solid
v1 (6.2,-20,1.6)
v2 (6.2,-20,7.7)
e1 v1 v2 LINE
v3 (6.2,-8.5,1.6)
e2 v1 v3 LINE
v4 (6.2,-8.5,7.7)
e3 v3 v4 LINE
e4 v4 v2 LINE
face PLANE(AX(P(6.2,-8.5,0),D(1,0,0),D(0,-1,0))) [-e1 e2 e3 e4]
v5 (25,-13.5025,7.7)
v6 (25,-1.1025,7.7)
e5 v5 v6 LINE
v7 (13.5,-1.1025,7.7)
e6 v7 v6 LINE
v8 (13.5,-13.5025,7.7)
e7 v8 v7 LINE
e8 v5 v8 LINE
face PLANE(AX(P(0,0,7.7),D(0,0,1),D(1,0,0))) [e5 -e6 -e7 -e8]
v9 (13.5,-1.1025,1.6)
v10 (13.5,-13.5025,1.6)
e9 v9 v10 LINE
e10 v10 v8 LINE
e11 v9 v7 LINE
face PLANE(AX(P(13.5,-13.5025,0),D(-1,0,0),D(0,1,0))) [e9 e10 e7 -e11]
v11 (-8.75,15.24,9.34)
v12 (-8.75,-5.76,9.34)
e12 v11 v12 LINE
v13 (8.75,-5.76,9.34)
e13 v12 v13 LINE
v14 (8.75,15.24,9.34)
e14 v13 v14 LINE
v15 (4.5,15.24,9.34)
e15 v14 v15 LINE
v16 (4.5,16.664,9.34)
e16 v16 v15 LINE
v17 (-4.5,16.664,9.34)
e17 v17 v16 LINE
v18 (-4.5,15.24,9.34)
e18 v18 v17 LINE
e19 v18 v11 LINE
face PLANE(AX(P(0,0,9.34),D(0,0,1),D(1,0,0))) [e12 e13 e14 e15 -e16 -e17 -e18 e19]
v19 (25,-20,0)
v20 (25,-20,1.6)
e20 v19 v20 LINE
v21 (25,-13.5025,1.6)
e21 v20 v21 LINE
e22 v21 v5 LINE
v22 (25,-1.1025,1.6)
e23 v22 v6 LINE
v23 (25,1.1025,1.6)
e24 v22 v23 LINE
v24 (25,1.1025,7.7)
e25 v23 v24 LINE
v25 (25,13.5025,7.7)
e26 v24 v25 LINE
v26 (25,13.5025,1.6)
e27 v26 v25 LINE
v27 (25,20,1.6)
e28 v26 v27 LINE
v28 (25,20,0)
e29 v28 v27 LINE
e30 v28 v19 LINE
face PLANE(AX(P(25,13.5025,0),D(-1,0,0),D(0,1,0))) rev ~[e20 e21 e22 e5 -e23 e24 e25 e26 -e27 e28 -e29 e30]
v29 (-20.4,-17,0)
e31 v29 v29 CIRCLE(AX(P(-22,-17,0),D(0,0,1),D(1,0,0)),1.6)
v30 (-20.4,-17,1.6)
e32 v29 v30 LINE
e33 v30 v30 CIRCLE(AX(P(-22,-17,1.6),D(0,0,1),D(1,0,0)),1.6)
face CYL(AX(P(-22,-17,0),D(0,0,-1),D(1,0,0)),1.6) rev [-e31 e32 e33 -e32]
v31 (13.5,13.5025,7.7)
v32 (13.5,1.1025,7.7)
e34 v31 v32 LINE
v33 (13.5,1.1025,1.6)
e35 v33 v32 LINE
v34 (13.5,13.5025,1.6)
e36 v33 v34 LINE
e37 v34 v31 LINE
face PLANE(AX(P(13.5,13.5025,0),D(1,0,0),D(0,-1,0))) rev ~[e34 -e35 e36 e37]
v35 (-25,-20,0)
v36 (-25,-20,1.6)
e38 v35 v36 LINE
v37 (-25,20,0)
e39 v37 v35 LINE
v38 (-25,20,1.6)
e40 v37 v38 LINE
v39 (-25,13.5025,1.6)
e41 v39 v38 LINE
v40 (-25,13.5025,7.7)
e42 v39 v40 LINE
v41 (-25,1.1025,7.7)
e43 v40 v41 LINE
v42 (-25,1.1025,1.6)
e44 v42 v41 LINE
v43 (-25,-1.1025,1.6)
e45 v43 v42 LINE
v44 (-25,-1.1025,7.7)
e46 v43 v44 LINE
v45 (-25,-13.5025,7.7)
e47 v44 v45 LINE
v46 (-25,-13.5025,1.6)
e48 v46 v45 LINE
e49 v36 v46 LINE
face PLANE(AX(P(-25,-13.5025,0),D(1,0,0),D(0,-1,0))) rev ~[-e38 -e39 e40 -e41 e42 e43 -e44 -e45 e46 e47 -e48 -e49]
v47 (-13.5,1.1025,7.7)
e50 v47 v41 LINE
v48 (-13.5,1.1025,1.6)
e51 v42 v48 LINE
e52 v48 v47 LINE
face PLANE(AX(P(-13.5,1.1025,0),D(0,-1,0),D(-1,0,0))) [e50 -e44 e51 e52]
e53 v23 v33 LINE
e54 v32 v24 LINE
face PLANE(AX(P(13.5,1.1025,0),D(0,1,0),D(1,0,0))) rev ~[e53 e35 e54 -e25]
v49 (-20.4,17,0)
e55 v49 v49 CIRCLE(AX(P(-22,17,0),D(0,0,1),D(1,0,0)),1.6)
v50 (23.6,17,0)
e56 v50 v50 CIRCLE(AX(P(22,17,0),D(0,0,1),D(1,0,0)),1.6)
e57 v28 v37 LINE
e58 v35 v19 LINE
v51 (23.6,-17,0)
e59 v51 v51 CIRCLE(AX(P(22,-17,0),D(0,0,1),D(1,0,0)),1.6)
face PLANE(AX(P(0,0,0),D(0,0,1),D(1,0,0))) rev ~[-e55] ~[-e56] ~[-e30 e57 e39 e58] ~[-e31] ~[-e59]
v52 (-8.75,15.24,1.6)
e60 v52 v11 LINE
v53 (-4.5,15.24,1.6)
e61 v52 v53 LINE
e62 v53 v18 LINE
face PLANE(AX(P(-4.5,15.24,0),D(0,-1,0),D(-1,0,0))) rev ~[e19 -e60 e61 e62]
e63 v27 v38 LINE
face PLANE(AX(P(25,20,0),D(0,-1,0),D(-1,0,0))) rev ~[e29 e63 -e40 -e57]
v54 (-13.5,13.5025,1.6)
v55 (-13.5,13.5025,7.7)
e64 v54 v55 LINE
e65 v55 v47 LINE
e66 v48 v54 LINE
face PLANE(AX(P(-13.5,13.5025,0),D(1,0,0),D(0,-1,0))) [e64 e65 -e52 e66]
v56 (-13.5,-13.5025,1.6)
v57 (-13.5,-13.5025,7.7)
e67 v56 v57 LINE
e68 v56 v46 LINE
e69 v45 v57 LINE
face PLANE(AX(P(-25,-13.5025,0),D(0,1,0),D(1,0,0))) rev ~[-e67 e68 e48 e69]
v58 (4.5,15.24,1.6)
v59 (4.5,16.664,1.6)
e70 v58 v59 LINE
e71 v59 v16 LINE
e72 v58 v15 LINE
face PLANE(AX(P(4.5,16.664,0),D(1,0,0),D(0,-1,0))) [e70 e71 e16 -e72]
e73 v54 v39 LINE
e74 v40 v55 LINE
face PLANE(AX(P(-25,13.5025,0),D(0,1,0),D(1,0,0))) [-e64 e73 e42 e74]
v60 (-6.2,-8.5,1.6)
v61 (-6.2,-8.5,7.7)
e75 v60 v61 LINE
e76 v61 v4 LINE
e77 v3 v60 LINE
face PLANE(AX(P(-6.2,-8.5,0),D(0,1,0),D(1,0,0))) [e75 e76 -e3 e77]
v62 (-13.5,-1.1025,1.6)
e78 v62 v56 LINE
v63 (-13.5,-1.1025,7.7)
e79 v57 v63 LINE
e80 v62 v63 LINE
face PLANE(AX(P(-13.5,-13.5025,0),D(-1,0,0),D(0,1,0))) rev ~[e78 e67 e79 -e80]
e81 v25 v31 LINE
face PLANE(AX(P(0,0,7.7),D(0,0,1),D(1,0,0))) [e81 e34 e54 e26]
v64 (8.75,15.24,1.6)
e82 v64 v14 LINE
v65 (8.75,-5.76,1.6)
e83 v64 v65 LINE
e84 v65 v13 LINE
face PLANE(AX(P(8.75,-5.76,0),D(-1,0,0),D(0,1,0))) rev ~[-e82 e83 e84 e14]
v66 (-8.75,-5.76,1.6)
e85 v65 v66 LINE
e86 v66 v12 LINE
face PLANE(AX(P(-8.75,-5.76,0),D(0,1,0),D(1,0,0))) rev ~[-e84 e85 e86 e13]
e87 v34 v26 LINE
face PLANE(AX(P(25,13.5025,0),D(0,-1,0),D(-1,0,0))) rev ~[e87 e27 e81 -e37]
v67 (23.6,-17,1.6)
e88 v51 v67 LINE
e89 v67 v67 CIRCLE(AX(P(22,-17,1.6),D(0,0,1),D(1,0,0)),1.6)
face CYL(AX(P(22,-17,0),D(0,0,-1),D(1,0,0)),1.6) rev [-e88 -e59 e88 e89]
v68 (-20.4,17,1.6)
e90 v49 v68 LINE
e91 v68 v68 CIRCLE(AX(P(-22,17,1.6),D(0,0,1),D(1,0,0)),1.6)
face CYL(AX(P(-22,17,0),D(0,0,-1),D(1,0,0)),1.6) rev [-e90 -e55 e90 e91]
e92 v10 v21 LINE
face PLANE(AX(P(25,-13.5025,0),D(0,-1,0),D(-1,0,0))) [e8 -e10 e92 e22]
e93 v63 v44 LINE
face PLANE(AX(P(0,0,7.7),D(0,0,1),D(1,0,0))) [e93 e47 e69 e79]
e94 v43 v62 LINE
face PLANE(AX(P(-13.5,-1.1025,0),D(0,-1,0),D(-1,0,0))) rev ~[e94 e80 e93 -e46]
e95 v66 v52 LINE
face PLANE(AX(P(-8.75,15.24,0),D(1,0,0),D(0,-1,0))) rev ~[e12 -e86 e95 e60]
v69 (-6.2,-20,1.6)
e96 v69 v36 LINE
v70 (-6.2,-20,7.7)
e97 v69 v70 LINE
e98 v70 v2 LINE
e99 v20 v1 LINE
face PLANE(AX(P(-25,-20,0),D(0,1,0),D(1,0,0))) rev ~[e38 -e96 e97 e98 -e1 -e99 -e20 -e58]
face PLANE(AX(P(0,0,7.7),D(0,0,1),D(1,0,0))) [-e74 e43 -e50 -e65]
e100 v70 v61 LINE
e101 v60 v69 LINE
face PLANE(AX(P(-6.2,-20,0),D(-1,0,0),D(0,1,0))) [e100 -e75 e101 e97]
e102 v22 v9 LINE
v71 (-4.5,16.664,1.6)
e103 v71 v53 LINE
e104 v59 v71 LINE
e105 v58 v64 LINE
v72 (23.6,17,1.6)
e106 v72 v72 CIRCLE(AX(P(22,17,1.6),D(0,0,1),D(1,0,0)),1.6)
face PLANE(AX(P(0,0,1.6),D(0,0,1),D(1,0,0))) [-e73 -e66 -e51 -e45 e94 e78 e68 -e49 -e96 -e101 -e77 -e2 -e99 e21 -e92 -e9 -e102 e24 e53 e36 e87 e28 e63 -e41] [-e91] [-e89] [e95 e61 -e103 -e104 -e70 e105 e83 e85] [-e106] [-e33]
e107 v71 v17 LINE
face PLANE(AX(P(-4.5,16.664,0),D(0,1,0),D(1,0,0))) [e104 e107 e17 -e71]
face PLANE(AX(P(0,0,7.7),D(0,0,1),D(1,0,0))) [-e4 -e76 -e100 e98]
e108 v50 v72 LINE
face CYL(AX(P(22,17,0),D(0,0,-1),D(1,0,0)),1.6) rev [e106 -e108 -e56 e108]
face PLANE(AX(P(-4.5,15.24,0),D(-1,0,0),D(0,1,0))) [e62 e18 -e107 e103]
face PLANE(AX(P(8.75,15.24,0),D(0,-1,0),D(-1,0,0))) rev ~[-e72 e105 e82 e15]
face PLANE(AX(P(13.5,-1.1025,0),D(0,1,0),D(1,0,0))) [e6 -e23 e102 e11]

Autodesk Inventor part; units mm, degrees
ref_plane "YZ Plane" through (0, 0, 0) normal (1, 0, 0) x (0, 1, 0)
ref_plane "XZ Plane" through (0, 0, 0) normal (0, 1, 0) x (-1, 0, 0)
ref_plane "XY Plane" through (0, 0, 0) normal (0, 0, 1) x (1, 0, 0)
sketch "スケッチ1" plane through (0, 0, 0) normal (0, 0, 1) x (1, 0, 0)
  line L0 (-25, -20) -> (25, -20)
  line L1 (25, -20) -> (25, 20)
  line L2 (25, 20) -> (-25, 20)
  line L3 (-25, 20) -> (-25, -20)
  line L4 (-25, -20) -> (25, 20) construction
  line L5 (25, -20) -> (-25, 20) construction
  line L6 (-22, -17) -> (22, -17) construction
  line L7 (22, -17) -> (22, 17) construction
  line L8 (22, 17) -> (-22, 17) construction
  line L9 (-22, 17) -> (-22, -17) construction
  line L10 (-22, -17) -> (22, 17) construction
  line L11 (22, -17) -> (-22, 17) construction
  circle A0 centre (-22, -17) radius 1.6
  circle A1 centre (-22, 17) radius 1.6
  circle A2 centre (22, -17) radius 1.6
  circle A3 centre (22, 17) radius 1.6
  line L12 (-25, -13.5025) -> (-13.5, -13.5025)
  line L13 (-13.5, -13.5025) -> (-13.5, -1.1025)
  line L14 (-13.5, -1.1025) -> (-25, -1.1025)
  line L15 (-6.2, -20) -> (-6.2, -8.5)
  line L16 (-6.2, -8.5) -> (6.2, -8.5)
  line L17 (6.2, -8.5) -> (6.2, -20)
  line L18 (-25, 0) -> (25, 0) construction
  line L19 (0, -20) -> (0, 20) construction
  line L20 (-25, 13.5025) -> (-13.5, 13.5025)
  line L21 (-13.5, 13.5025) -> (-13.5, 1.1025)
  line L22 (-13.5, 1.1025) -> (-25, 1.1025)
  line L23 (25, -13.5025) -> (13.5, -13.5025)
  line L24 (13.5, -13.5025) -> (13.5, -1.1025)
  line L25 (13.5, -1.1025) -> (25, -1.1025)
  line L26 (13.5, 1.1025) -> (25, 1.1025)
  line L27 (13.5, 13.5025) -> (13.5, 1.1025)
  line L28 (25, 13.5025) -> (13.5, 13.5025)
  line L29 (-8.75, -5.76) -> (8.75, -5.76)
  line L30 (8.75, -5.76) -> (8.75, 15.24)
  line L31 (8.75, 15.24) -> (-8.75, 15.24)
  line L32 (-8.75, 15.24) -> (-8.75, -5.76)
  line L33 (-8.75, -5.76) -> (8.75, 15.24) construction
  line L34 (8.75, -5.76) -> (-8.75, 15.24) construction
  line L35 (-4.5, 15.24) -> (-4.5, 16.664)
  line L36 (-4.5, 16.664) -> (4.5, 16.664)
  line L37 (4.5, 16.664) -> (4.5, 15.24)
  point P0 (0, 0)
  point P1 (-13.5, -7.3025)
  point P2 (0, -8.5)
  point P3 (0, 4.74)
  point P4 (0, 16.664)
  point P5 (0, 4.74)
  dimension "d0" = 50
  dimension "d1" = 40
  dimension "d2" = 44
  dimension "d3" = 34
  dimension "d4" = 3.2
  dimension "d5" = 3.2
  dimension "d6" = 3.2
  dimension "d7" = 3.2
  dimension "d8" = 11.5
  dimension "d9" = 12.4
  dimension "d10" = 7.3025
  dimension "d11" = 11.5
  dimension "d12" = 12.4
  dimension "d17" = 17.5
  dimension "d18" = 21
  dimension "d19" = 9
  dimension "d20" = 1.424
  dimension "d21" = 15.26
extrude "押し出し1" add sketch "スケッチ1" along normal blind 1.6 contours L3 L12 L13 L14 L22 L21 L20 L2 L1 L28 L27 L26 L25 L24 L23 L0 L17 L16 L15 | L15 L16 L17 L0 | L3 L14 L13 L12 | L3 L20 L21 L22 | L23 L24 L25 L1 | L26 L27 L28 L1 | L32 L31 L30 L29 | L35 L36 L37 L31
extrude "押し出し2" add sketch "スケッチ1" along normal blind 7.7 contours L15 L16 L17 L0 | L3 L14 L13 L12 | L3 L20 L21 L22 | L23 L24 L25 L1 | L26 L27 L28 L1
extrude "押し出し3" add sketch "スケッチ1" along normal blind 9.34 contours L32 L31 L30 L29 | L35 L36 L37 L31
equation "\"d5\" = d4"
equation "\"d6\" = d4"
equation "\"d7\" = d4"
equation "\"d11\" = d8"
equation "\"d12\" = d9"
properties part number "Quad-Load-Cell-Amplifier-to-RS-485-Conv-Module"
